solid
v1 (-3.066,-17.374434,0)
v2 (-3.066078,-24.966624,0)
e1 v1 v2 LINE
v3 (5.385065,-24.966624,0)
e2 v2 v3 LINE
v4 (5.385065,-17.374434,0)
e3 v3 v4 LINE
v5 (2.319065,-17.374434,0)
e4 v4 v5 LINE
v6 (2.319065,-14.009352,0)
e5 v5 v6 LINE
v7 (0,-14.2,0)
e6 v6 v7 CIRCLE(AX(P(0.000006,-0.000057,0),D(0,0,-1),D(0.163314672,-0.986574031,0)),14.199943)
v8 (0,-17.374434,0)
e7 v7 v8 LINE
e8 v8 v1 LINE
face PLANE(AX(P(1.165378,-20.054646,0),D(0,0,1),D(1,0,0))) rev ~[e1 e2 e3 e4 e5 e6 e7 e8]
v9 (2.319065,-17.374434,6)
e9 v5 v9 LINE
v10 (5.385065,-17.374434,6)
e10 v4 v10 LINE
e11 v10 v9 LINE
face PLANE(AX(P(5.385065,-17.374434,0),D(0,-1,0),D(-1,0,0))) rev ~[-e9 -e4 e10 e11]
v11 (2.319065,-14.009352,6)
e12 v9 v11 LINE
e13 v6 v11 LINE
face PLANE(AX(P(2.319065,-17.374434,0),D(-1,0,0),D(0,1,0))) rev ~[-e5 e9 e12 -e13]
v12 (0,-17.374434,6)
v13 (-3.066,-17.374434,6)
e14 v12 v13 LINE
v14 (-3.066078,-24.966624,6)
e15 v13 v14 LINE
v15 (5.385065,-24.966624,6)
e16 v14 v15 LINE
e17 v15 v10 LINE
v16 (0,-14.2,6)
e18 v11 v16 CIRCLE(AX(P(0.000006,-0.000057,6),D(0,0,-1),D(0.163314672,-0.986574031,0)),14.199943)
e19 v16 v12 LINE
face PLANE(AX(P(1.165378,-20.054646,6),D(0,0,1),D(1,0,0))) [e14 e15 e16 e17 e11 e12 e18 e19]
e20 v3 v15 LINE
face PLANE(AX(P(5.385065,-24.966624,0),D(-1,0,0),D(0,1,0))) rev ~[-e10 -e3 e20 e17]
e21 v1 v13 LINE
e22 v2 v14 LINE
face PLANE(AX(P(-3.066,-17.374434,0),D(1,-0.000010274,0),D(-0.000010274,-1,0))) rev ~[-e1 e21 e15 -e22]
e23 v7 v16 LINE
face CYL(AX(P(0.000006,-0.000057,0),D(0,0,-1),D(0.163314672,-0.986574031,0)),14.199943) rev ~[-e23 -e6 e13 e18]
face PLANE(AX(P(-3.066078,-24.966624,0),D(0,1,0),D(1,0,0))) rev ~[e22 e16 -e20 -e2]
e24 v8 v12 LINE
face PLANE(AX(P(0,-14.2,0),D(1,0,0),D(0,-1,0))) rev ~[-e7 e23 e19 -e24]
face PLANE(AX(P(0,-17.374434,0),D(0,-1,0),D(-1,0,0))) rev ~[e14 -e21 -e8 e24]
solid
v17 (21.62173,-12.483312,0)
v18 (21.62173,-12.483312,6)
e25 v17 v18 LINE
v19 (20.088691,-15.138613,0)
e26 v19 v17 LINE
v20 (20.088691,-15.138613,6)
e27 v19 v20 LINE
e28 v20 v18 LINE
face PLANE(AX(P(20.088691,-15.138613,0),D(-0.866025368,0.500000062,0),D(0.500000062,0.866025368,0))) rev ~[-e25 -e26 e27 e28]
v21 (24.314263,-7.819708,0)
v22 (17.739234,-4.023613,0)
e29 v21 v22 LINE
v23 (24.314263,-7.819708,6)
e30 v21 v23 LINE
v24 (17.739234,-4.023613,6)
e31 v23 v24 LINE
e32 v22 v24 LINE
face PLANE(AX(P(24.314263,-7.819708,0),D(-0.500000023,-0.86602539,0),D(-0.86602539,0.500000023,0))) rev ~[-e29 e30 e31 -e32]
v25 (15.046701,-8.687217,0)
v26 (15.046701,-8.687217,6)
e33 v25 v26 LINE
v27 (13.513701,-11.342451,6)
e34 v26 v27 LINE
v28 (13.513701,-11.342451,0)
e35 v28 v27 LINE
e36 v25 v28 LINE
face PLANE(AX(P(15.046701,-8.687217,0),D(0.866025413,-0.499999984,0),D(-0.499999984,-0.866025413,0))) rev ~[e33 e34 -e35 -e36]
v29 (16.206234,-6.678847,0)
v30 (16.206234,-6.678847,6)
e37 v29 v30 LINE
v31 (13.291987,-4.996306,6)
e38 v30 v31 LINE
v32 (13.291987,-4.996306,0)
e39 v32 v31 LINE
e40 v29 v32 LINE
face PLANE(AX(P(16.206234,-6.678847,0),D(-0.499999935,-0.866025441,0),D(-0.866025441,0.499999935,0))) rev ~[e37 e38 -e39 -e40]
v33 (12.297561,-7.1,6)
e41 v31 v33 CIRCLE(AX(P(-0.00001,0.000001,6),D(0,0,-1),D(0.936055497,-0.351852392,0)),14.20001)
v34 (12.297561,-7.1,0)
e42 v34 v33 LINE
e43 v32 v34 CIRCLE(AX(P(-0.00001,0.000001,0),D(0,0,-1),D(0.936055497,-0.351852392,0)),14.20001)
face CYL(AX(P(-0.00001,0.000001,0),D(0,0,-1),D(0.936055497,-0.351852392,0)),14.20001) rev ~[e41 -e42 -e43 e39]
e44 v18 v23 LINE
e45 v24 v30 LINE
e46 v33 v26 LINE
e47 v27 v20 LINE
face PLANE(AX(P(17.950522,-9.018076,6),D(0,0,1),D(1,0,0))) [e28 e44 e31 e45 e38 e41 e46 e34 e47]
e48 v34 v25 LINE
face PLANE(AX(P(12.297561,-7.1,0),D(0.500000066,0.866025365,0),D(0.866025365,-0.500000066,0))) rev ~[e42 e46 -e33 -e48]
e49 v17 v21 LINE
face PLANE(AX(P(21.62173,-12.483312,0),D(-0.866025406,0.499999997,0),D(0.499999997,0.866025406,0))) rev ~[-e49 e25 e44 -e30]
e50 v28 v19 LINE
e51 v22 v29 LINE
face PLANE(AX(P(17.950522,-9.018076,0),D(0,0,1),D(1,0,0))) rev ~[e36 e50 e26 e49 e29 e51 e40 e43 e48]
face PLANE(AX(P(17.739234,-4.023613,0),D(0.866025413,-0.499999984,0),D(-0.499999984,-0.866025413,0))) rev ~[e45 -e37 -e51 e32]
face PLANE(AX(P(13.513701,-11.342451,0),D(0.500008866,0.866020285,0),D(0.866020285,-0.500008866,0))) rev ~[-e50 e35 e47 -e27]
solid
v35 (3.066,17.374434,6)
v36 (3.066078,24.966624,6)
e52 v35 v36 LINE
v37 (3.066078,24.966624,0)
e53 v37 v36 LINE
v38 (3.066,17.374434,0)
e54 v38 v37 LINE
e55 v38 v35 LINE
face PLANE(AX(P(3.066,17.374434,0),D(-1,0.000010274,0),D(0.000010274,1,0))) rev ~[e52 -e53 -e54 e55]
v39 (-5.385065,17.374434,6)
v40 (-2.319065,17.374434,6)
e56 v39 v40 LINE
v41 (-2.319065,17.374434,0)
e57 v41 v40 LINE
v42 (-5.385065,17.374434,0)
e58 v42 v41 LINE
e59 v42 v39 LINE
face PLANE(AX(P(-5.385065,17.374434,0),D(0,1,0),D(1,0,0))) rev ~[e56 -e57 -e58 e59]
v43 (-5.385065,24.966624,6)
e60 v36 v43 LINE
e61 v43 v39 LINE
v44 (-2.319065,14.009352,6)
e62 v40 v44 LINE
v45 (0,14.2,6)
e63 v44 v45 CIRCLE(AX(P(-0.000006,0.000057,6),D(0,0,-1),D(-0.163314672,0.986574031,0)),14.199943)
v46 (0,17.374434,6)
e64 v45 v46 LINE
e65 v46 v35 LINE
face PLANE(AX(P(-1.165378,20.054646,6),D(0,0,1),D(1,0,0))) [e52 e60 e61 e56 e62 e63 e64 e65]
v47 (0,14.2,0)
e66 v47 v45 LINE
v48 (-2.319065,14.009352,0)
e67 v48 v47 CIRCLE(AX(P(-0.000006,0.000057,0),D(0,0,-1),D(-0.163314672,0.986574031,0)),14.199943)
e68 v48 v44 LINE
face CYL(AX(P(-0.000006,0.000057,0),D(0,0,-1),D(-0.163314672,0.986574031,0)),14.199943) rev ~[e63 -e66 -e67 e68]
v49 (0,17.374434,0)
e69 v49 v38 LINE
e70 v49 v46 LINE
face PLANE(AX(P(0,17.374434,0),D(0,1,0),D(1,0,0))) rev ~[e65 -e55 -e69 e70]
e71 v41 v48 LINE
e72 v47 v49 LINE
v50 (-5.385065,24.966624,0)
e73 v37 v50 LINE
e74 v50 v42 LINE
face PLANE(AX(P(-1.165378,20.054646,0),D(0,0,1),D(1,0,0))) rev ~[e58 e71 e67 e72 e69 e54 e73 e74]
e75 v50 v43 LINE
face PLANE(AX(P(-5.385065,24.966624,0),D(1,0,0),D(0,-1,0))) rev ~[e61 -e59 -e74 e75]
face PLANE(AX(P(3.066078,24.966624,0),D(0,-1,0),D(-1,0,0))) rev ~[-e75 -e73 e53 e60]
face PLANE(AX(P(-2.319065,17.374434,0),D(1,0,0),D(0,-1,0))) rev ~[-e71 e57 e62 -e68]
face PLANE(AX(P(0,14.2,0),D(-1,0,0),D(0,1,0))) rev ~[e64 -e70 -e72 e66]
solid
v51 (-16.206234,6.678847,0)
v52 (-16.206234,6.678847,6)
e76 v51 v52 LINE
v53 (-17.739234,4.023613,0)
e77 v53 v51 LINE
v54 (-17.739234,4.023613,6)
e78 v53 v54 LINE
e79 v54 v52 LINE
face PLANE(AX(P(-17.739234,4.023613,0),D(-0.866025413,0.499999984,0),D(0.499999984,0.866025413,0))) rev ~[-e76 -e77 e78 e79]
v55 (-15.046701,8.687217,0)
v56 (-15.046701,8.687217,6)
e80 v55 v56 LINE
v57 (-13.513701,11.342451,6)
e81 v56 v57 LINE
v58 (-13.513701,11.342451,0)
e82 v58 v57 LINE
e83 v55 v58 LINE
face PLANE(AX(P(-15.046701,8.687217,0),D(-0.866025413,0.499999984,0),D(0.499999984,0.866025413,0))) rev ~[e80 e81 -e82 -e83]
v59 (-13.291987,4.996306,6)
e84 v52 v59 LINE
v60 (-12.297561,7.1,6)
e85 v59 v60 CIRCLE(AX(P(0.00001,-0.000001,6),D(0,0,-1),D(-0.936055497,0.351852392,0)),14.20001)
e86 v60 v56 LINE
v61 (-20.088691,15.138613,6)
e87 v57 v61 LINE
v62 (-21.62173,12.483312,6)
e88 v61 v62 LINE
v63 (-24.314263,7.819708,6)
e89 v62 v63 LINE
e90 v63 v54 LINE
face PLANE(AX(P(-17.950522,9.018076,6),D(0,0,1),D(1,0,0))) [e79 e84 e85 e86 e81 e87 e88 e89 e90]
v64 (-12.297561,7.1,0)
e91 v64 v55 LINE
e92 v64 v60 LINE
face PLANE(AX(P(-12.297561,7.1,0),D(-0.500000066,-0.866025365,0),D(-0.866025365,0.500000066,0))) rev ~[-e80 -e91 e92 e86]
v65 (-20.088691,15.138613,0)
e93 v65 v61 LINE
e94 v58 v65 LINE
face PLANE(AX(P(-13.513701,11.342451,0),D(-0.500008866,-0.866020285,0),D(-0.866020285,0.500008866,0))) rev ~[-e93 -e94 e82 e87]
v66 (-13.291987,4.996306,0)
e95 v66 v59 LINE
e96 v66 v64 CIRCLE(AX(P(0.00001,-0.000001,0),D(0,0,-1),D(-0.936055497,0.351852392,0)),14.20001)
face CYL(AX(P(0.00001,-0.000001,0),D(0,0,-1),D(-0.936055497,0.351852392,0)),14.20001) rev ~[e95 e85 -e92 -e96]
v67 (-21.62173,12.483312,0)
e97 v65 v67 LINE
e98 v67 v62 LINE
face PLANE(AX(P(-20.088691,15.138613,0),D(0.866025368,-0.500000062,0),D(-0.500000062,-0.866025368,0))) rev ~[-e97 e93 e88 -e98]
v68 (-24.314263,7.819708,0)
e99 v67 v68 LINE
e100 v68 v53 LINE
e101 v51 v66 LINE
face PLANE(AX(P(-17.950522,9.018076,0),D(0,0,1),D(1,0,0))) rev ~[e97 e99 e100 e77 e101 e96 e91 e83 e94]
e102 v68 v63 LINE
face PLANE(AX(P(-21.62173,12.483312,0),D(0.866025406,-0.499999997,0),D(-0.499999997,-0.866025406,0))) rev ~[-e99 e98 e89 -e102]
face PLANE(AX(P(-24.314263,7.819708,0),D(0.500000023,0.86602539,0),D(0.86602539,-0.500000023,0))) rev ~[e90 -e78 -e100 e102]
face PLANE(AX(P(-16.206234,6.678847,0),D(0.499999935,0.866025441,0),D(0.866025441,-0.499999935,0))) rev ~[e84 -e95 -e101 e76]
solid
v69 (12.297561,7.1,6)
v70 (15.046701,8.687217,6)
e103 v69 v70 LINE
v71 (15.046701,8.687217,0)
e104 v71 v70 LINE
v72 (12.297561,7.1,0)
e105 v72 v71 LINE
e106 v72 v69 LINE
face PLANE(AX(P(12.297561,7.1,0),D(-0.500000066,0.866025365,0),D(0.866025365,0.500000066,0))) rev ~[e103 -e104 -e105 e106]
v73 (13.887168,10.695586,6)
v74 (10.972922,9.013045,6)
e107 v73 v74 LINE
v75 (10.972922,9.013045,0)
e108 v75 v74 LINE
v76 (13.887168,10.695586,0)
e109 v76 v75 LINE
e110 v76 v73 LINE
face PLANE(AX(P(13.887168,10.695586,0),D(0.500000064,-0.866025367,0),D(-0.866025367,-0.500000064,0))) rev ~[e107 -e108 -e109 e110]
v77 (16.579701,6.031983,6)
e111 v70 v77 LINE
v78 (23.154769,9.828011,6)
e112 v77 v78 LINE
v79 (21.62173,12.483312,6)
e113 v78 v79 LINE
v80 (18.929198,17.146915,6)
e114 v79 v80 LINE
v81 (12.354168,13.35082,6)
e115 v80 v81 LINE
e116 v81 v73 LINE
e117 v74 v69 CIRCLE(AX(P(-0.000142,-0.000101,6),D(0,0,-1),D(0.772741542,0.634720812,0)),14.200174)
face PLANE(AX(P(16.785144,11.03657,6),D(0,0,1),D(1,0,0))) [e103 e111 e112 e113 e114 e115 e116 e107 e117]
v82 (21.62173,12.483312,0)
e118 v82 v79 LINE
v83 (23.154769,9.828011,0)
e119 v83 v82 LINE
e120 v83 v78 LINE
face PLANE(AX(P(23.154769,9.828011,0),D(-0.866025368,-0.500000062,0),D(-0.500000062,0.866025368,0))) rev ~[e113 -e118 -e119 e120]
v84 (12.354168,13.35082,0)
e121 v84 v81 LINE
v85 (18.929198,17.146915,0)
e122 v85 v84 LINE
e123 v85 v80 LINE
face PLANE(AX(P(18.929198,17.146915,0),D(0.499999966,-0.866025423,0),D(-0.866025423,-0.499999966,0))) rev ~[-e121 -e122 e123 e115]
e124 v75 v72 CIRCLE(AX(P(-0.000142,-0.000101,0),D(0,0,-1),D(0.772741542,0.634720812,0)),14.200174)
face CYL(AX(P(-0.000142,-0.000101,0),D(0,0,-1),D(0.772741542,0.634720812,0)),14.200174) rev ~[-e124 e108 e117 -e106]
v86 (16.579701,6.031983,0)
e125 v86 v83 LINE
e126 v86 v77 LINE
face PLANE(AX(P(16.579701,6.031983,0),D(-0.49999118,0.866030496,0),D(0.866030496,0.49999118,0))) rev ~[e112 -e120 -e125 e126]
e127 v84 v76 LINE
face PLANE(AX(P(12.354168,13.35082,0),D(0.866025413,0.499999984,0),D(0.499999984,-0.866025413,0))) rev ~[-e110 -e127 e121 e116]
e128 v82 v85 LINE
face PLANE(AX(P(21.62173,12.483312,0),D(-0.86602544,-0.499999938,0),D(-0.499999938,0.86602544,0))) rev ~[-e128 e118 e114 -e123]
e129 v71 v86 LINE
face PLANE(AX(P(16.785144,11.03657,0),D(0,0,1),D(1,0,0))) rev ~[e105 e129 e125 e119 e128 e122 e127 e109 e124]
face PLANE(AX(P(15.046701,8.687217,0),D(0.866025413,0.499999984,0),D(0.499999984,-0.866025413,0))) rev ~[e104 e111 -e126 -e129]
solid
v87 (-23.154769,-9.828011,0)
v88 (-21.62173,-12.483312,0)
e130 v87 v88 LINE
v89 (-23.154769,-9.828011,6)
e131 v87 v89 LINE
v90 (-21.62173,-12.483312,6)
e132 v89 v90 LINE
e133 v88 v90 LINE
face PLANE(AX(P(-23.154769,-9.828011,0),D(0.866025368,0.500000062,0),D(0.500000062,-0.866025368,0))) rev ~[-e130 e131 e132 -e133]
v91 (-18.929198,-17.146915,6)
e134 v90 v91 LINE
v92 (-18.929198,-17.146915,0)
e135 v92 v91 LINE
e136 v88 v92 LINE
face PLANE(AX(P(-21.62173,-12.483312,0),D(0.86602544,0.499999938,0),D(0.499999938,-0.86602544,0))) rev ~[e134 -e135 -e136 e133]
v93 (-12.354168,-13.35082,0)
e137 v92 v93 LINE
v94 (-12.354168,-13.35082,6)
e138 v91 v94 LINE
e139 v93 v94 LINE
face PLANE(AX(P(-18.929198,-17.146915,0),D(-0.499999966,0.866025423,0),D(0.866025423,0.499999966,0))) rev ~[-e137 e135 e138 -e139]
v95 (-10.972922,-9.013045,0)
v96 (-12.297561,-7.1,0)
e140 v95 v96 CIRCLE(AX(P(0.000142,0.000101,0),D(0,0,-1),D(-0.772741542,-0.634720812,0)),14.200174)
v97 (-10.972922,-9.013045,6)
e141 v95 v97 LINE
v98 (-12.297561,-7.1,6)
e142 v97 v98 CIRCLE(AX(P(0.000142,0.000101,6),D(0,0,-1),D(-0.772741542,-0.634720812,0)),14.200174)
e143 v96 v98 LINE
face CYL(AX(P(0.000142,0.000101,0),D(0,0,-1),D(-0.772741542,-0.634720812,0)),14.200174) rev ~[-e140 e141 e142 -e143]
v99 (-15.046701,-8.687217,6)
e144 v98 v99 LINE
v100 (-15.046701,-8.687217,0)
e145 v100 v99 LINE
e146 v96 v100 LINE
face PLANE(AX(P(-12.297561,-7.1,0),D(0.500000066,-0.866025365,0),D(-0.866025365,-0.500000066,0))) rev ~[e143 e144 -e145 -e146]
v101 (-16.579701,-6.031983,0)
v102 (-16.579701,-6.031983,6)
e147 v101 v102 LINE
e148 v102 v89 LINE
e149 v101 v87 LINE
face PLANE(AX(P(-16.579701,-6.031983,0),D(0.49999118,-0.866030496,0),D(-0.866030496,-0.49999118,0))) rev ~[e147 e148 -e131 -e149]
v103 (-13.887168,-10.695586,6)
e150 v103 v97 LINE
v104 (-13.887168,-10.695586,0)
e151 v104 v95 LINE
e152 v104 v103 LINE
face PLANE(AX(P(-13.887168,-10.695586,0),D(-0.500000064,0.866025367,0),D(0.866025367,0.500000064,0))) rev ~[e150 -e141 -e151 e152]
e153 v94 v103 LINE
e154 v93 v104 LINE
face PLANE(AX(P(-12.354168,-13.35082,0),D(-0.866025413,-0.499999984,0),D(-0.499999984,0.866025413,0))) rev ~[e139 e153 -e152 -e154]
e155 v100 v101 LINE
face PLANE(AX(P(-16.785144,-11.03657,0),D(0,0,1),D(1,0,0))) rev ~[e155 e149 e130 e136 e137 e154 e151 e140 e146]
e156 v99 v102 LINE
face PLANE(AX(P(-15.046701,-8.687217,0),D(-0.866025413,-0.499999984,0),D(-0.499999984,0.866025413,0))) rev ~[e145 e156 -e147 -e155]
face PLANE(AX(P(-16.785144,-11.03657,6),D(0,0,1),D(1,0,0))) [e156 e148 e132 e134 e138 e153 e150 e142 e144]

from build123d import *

# Parameters (mm, degrees)
F1_DEPTH = 6


with BuildPart() as f1:
    # F0 (on Top) → F1 (new body)
    with BuildSketch(Plane.XY):
        with BuildLine():
            ThreePointArc((-2.319065, 14.009352), (-1.163444, 14.152258), (0, 14.2))
            Line((0, 14.2), (0, 17.374434))
            Line((0, 17.374434), (3.066, 17.374434))
            Line((3.066, 17.374434), (3.066078, 24.966624))
            Line((3.066078, 24.966624), (0, 24.966624))
            Line((0, 24.966624), (-5.385065, 24.966624))
            Line((-5.385065, 24.966624), (-5.385065, 17.374434))
            Line((-5.385065, 17.374434), (-2.319065, 17.374434))
            Line((-2.319065, 17.374434), (-2.319065, 14.009352))
        make_face()
        with BuildLine():
            ThreePointArc((10.972922, 9.013045), (11.674492, 8.083701), (12.297561, 7.1))
            Line((12.297561, 7.1), (15.046701, 8.687217))
            Line((15.046701, 8.687217), (16.579701, 6.031983))
            Line((16.579701, 6.031983), (23.154769, 9.828011))
            Line((23.154769, 9.828011), (21.62173, 12.483312))
            Line((21.62173, 12.483312), (18.929198, 17.146915))
            Line((18.929198, 17.146915), (12.354168, 13.35082))
            Line((12.354168, 13.35082), (13.887168, 10.695586))
            Line((13.887168, 10.695586), (10.972922, 9.013045))
        make_face()
        with BuildLine():
            Line((16.206234, -6.678847), (13.291987, -4.996306))
            ThreePointArc((13.291987, -4.996306), (12.837937, -6.068556), (12.297561, -7.1))
            Line((12.297561, -7.1), (15.046701, -8.687217))
            Line((15.046701, -8.687217), (13.513701, -11.342451))
            Line((13.513701, -11.342451), (20.088691, -15.138613))
            Line((20.088691, -15.138613), (21.62173, -12.483312))
            Line((21.62173, -12.483312), (24.314263, -7.819708))
            Line((24.314263, -7.819708), (17.739234, -4.023613))
            Line((17.739234, -4.023613), (16.206234, -6.678847))
        make_face()
        with BuildLine():
            Line((2.319065, -17.374434), (2.319065, -14.009352))
            ThreePointArc((2.319065, -14.009352), (1.163444, -14.152258), (0, -14.2))
            Line((0, -14.2), (0, -17.374434))
            Line((0, -17.374434), (-3.066, -17.374434))
            Line((-3.066, -17.374434), (-3.066078, -24.966624))
            Line((-3.066078, -24.966624), (0, -24.966624))
            Line((0, -24.966624), (5.385065, -24.966624))
            Line((5.385065, -24.966624), (5.385065, -17.374434))
            Line((5.385065, -17.374434), (2.319065, -17.374434))
        make_face()
        with BuildLine():
            Line((-13.887168, -10.695586), (-10.972922, -9.013045))
            ThreePointArc((-10.972922, -9.013045), (-11.674492, -8.083701), (-12.297561, -7.1))
            Line((-12.297561, -7.1), (-15.046701, -8.687217))
            Line((-15.046701, -8.687217), (-16.579701, -6.031983))
            Line((-16.579701, -6.031983), (-23.154769, -9.828011))
            Line((-23.154769, -9.828011), (-21.62173, -12.483312))
            Line((-21.62173, -12.483312), (-18.929198, -17.146915))
            Line((-18.929198, -17.146915), (-12.354168, -13.35082))
            Line((-12.354168, -13.35082), (-13.887168, -10.695586))
        make_face()
        with BuildLine():
            ThreePointArc((-13.291987, 4.996306), (-12.837937, 6.068556), (-12.297561, 7.1))
            Line((-12.297561, 7.1), (-15.046701, 8.687217))
            Line((-15.046701, 8.687217), (-13.513701, 11.342451))
            Line((-13.513701, 11.342451), (-20.088691, 15.138613))
            Line((-20.088691, 15.138613), (-21.62173, 12.483312))
            Line((-21.62173, 12.483312), (-24.314263, 7.819708))
            Line((-24.314263, 7.819708), (-17.739234, 4.023613))
            Line((-17.739234, 4.023613), (-16.206234, 6.678847))
            Line((-16.206234, 6.678847), (-13.291987, 4.996306))
        make_face()
    extrude(amount=F1_DEPTH)


solid = f1.part
